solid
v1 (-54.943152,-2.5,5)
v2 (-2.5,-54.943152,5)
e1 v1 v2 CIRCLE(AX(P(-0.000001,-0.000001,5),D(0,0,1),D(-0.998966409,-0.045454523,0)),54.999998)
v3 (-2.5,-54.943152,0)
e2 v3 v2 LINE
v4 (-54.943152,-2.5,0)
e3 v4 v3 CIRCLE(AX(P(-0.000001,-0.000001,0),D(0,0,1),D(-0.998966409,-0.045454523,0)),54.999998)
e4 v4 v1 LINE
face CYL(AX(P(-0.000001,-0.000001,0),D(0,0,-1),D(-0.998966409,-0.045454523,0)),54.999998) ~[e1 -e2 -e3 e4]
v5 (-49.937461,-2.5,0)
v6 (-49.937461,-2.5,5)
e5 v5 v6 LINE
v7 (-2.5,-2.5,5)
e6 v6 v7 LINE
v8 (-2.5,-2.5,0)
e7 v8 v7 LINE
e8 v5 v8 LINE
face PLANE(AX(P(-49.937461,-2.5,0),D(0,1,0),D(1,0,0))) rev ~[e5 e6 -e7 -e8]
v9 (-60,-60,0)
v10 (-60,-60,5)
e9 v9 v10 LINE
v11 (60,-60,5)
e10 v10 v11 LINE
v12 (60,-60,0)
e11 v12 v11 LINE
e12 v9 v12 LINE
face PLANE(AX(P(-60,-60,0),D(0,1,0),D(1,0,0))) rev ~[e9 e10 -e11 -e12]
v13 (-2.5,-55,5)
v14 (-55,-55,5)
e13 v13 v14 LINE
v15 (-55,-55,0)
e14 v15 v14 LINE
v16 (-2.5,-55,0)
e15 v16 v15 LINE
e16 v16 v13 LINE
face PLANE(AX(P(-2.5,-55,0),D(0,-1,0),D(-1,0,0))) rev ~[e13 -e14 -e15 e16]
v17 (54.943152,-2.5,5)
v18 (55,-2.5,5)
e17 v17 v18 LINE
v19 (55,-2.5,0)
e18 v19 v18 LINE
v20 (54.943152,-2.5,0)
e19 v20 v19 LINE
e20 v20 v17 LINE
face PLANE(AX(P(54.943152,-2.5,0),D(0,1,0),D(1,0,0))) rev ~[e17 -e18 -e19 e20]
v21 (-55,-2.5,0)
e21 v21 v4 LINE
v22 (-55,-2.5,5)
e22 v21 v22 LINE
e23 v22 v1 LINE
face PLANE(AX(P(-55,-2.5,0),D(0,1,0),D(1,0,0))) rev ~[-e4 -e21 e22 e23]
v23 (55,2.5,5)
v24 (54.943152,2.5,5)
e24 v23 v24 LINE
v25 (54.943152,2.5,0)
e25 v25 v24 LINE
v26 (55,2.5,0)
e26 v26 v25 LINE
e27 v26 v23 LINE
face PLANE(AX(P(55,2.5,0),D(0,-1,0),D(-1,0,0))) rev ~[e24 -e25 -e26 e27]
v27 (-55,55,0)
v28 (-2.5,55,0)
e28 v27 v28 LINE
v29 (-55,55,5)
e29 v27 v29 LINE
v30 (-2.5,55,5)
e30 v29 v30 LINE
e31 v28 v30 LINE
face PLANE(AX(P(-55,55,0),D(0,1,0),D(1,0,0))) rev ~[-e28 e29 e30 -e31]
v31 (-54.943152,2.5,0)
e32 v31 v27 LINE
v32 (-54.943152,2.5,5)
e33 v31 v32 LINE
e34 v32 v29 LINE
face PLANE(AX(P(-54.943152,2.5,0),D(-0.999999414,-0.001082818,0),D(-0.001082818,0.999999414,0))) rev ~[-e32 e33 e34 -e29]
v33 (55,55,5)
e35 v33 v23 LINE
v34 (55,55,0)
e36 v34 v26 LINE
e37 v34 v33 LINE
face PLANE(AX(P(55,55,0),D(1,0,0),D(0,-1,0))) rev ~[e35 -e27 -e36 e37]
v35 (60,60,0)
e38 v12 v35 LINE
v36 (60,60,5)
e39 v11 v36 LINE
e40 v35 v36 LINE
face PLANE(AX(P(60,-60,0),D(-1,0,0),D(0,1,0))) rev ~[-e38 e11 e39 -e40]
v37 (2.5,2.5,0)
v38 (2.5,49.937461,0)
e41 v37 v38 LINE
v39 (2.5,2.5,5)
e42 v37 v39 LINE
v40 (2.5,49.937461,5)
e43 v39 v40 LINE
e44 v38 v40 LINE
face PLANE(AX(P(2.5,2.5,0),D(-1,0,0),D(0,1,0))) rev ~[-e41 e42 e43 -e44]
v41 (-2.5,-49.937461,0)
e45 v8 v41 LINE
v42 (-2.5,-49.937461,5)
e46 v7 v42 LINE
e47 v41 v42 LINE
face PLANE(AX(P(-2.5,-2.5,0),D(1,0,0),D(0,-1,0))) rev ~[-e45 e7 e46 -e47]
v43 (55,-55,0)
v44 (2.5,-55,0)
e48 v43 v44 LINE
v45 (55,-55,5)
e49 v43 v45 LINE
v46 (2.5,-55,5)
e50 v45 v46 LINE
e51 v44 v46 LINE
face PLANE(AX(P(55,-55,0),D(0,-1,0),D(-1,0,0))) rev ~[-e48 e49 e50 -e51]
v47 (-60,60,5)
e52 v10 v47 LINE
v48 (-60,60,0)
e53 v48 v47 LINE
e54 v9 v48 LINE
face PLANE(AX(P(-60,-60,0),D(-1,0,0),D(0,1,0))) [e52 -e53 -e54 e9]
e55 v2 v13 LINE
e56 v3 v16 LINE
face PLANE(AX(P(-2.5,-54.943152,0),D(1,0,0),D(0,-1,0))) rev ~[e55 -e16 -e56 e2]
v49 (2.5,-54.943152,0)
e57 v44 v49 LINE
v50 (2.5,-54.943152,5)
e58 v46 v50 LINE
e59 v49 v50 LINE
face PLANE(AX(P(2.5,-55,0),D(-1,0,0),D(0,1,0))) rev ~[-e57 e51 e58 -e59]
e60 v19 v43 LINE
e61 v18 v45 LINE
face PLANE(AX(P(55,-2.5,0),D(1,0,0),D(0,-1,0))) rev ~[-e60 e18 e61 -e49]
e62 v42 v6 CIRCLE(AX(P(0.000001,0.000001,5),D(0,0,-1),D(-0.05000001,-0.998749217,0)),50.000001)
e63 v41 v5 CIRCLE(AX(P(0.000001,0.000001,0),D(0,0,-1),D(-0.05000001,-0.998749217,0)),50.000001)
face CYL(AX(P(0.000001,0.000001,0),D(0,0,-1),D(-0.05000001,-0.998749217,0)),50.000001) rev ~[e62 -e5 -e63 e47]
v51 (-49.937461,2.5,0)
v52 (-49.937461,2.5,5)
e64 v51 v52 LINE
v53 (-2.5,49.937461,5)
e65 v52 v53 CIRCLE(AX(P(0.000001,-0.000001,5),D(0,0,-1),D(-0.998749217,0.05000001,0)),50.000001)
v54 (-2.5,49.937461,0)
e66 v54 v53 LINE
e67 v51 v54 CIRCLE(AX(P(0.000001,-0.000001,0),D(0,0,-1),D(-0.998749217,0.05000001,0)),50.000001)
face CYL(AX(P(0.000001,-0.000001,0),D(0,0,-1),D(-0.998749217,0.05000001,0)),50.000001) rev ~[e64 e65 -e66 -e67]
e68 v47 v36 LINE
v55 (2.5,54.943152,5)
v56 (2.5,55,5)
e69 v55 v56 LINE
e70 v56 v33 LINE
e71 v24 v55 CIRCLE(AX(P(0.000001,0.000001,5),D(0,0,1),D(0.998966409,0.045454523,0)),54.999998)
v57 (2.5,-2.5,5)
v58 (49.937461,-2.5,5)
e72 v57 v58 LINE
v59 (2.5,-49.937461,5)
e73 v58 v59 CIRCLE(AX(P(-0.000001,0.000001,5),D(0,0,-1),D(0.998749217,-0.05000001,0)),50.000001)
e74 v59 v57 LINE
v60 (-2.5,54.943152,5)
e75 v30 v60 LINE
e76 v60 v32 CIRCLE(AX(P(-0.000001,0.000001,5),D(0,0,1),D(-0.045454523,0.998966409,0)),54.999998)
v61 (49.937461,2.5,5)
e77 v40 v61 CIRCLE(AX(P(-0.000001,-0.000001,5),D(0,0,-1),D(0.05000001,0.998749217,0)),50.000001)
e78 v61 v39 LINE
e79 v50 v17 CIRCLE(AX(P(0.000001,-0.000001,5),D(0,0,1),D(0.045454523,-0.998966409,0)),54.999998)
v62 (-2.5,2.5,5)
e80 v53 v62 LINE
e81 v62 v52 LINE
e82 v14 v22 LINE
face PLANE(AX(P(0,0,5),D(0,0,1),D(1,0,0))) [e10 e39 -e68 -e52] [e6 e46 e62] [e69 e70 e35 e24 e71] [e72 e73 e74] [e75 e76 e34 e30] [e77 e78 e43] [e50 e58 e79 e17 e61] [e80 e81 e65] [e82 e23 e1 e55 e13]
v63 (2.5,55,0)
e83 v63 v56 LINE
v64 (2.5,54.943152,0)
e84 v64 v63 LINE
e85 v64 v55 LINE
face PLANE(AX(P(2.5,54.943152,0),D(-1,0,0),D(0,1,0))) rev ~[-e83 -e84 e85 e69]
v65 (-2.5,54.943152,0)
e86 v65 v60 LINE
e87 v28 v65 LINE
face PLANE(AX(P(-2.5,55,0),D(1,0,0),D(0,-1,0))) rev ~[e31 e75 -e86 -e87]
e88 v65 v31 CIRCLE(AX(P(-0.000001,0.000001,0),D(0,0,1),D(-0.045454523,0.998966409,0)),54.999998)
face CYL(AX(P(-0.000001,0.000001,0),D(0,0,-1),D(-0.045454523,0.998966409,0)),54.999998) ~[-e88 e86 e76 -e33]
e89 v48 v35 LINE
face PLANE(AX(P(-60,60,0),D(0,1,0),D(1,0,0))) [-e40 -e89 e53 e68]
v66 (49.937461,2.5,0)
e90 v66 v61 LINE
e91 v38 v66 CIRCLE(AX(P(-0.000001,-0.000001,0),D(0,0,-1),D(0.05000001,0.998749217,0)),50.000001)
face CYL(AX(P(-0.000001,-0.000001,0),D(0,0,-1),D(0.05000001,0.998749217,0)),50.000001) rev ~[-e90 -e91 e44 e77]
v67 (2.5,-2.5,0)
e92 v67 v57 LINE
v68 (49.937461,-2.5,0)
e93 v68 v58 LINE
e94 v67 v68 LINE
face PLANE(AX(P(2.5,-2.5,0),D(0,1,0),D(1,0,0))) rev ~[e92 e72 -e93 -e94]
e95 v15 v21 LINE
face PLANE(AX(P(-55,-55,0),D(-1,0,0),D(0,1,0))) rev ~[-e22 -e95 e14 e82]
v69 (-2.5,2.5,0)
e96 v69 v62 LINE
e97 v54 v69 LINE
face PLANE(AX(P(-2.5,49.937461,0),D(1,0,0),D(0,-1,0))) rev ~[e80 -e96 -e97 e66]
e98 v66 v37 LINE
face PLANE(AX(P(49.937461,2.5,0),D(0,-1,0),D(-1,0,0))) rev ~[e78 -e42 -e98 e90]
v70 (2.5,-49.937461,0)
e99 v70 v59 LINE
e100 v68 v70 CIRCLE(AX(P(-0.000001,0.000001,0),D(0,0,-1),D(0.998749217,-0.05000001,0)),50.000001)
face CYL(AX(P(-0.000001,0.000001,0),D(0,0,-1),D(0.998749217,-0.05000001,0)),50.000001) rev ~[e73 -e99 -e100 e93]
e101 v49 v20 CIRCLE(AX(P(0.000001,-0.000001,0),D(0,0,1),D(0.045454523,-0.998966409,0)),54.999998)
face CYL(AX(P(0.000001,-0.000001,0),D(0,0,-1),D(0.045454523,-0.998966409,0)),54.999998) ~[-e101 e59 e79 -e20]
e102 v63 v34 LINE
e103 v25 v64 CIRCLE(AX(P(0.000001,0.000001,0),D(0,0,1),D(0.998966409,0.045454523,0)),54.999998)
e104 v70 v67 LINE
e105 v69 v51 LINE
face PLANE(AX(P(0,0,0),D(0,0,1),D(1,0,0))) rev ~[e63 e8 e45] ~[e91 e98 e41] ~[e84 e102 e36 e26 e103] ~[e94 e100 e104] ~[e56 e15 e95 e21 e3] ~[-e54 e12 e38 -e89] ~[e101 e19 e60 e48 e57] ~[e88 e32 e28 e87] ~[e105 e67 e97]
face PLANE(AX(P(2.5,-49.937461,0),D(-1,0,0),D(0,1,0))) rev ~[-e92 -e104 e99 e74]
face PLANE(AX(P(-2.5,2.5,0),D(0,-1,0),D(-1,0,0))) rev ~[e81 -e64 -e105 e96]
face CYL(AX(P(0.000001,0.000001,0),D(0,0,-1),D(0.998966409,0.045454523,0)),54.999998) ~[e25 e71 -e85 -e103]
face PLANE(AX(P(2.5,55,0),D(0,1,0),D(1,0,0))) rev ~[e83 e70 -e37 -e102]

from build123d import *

# Parameters (mm, degrees)
F0_W     = 120
F0_H     = 120
F1_DEPTH = 5


with BuildPart() as f1:
    # F0 (on Top) → F1 (new body)
    with BuildSketch(Plane.XY):
        Rectangle(F0_W, F0_H)
        with BuildLine():
            Line((-2.5, -55), (-55, -55))
            Line((-55, -55), (-55, -2.5))
            Line((-55, -2.5), (-54.943152, -2.5))
            ThreePointArc((-54.943152, -2.5), (-38.890873, -38.890873), (-2.5, -54.943152))
            Line((-2.5, -54.943152), (-2.5, -55))
        make_face(mode=Mode.SUBTRACT)
        with BuildLine():
            ThreePointArc((-2.5, -49.937461), (-35.355339, -35.355339), (-49.937461, -2.5))
            Line((-49.937461, -2.5), (-2.5, -2.5))
            Line((-2.5, -2.5), (-2.5, -49.937461))
        make_face(mode=Mode.SUBTRACT)
        with BuildLine():
            Line((55, -55), (2.5, -55))
            Line((2.5, -55), (2.5, -54.943152))
            ThreePointArc((2.5, -54.943152), (38.890873, -38.890873), (54.943152, -2.5))
            Line((54.943152, -2.5), (55, -2.5))
            Line((55, -2.5), (55, -55))
        make_face(mode=Mode.SUBTRACT)
        with BuildLine():
            ThreePointArc((49.937461, -2.5), (35.355339, -35.355339), (2.5, -49.937461))
            Line((2.5, -49.937461), (2.5, -2.5))
            Line((2.5, -2.5), (49.937461, -2.5))
        make_face(mode=Mode.SUBTRACT)
        with BuildLine():
            Line((-2.5, 2.5), (-49.937461, 2.5))
            ThreePointArc((-49.937461, 2.5), (-35.355339, 35.355339), (-2.5, 49.937461))
            Line((-2.5, 49.937461), (-2.5, 2.5))
        make_face(mode=Mode.SUBTRACT)
        with BuildLine():
            Line((-2.5, 55), (-2.5, 54.943152))
            ThreePointArc((-2.5, 54.943152), (-38.890873, 38.890873), (-54.943152, 2.5))
            Line((-54.943152, 2.5), (-55, 55))
            Line((-55, 55), (-2.5, 55))
        make_face(mode=Mode.SUBTRACT)
        with BuildLine():
            ThreePointArc((2.5, 49.937461), (35.355339, 35.355339), (49.937461, 2.5))
            Line((49.937461, 2.5), (2.5, 2.5))
            Line((2.5, 2.5), (2.5, 49.937461))
        make_face(mode=Mode.SUBTRACT)
        with BuildLine():
            Line((2.5, 54.943152), (2.5, 55))
            Line((2.5, 55), (55, 55))
            Line((55, 55), (55, 2.5))
            Line((55, 2.5), (54.943152, 2.5))
            ThreePointArc((54.943152, 2.5), (38.890873, 38.890873), (2.5, 54.943152))
        make_face(mode=Mode.SUBTRACT)
    extrude(amount=F1_DEPTH)


solid = f1.part
